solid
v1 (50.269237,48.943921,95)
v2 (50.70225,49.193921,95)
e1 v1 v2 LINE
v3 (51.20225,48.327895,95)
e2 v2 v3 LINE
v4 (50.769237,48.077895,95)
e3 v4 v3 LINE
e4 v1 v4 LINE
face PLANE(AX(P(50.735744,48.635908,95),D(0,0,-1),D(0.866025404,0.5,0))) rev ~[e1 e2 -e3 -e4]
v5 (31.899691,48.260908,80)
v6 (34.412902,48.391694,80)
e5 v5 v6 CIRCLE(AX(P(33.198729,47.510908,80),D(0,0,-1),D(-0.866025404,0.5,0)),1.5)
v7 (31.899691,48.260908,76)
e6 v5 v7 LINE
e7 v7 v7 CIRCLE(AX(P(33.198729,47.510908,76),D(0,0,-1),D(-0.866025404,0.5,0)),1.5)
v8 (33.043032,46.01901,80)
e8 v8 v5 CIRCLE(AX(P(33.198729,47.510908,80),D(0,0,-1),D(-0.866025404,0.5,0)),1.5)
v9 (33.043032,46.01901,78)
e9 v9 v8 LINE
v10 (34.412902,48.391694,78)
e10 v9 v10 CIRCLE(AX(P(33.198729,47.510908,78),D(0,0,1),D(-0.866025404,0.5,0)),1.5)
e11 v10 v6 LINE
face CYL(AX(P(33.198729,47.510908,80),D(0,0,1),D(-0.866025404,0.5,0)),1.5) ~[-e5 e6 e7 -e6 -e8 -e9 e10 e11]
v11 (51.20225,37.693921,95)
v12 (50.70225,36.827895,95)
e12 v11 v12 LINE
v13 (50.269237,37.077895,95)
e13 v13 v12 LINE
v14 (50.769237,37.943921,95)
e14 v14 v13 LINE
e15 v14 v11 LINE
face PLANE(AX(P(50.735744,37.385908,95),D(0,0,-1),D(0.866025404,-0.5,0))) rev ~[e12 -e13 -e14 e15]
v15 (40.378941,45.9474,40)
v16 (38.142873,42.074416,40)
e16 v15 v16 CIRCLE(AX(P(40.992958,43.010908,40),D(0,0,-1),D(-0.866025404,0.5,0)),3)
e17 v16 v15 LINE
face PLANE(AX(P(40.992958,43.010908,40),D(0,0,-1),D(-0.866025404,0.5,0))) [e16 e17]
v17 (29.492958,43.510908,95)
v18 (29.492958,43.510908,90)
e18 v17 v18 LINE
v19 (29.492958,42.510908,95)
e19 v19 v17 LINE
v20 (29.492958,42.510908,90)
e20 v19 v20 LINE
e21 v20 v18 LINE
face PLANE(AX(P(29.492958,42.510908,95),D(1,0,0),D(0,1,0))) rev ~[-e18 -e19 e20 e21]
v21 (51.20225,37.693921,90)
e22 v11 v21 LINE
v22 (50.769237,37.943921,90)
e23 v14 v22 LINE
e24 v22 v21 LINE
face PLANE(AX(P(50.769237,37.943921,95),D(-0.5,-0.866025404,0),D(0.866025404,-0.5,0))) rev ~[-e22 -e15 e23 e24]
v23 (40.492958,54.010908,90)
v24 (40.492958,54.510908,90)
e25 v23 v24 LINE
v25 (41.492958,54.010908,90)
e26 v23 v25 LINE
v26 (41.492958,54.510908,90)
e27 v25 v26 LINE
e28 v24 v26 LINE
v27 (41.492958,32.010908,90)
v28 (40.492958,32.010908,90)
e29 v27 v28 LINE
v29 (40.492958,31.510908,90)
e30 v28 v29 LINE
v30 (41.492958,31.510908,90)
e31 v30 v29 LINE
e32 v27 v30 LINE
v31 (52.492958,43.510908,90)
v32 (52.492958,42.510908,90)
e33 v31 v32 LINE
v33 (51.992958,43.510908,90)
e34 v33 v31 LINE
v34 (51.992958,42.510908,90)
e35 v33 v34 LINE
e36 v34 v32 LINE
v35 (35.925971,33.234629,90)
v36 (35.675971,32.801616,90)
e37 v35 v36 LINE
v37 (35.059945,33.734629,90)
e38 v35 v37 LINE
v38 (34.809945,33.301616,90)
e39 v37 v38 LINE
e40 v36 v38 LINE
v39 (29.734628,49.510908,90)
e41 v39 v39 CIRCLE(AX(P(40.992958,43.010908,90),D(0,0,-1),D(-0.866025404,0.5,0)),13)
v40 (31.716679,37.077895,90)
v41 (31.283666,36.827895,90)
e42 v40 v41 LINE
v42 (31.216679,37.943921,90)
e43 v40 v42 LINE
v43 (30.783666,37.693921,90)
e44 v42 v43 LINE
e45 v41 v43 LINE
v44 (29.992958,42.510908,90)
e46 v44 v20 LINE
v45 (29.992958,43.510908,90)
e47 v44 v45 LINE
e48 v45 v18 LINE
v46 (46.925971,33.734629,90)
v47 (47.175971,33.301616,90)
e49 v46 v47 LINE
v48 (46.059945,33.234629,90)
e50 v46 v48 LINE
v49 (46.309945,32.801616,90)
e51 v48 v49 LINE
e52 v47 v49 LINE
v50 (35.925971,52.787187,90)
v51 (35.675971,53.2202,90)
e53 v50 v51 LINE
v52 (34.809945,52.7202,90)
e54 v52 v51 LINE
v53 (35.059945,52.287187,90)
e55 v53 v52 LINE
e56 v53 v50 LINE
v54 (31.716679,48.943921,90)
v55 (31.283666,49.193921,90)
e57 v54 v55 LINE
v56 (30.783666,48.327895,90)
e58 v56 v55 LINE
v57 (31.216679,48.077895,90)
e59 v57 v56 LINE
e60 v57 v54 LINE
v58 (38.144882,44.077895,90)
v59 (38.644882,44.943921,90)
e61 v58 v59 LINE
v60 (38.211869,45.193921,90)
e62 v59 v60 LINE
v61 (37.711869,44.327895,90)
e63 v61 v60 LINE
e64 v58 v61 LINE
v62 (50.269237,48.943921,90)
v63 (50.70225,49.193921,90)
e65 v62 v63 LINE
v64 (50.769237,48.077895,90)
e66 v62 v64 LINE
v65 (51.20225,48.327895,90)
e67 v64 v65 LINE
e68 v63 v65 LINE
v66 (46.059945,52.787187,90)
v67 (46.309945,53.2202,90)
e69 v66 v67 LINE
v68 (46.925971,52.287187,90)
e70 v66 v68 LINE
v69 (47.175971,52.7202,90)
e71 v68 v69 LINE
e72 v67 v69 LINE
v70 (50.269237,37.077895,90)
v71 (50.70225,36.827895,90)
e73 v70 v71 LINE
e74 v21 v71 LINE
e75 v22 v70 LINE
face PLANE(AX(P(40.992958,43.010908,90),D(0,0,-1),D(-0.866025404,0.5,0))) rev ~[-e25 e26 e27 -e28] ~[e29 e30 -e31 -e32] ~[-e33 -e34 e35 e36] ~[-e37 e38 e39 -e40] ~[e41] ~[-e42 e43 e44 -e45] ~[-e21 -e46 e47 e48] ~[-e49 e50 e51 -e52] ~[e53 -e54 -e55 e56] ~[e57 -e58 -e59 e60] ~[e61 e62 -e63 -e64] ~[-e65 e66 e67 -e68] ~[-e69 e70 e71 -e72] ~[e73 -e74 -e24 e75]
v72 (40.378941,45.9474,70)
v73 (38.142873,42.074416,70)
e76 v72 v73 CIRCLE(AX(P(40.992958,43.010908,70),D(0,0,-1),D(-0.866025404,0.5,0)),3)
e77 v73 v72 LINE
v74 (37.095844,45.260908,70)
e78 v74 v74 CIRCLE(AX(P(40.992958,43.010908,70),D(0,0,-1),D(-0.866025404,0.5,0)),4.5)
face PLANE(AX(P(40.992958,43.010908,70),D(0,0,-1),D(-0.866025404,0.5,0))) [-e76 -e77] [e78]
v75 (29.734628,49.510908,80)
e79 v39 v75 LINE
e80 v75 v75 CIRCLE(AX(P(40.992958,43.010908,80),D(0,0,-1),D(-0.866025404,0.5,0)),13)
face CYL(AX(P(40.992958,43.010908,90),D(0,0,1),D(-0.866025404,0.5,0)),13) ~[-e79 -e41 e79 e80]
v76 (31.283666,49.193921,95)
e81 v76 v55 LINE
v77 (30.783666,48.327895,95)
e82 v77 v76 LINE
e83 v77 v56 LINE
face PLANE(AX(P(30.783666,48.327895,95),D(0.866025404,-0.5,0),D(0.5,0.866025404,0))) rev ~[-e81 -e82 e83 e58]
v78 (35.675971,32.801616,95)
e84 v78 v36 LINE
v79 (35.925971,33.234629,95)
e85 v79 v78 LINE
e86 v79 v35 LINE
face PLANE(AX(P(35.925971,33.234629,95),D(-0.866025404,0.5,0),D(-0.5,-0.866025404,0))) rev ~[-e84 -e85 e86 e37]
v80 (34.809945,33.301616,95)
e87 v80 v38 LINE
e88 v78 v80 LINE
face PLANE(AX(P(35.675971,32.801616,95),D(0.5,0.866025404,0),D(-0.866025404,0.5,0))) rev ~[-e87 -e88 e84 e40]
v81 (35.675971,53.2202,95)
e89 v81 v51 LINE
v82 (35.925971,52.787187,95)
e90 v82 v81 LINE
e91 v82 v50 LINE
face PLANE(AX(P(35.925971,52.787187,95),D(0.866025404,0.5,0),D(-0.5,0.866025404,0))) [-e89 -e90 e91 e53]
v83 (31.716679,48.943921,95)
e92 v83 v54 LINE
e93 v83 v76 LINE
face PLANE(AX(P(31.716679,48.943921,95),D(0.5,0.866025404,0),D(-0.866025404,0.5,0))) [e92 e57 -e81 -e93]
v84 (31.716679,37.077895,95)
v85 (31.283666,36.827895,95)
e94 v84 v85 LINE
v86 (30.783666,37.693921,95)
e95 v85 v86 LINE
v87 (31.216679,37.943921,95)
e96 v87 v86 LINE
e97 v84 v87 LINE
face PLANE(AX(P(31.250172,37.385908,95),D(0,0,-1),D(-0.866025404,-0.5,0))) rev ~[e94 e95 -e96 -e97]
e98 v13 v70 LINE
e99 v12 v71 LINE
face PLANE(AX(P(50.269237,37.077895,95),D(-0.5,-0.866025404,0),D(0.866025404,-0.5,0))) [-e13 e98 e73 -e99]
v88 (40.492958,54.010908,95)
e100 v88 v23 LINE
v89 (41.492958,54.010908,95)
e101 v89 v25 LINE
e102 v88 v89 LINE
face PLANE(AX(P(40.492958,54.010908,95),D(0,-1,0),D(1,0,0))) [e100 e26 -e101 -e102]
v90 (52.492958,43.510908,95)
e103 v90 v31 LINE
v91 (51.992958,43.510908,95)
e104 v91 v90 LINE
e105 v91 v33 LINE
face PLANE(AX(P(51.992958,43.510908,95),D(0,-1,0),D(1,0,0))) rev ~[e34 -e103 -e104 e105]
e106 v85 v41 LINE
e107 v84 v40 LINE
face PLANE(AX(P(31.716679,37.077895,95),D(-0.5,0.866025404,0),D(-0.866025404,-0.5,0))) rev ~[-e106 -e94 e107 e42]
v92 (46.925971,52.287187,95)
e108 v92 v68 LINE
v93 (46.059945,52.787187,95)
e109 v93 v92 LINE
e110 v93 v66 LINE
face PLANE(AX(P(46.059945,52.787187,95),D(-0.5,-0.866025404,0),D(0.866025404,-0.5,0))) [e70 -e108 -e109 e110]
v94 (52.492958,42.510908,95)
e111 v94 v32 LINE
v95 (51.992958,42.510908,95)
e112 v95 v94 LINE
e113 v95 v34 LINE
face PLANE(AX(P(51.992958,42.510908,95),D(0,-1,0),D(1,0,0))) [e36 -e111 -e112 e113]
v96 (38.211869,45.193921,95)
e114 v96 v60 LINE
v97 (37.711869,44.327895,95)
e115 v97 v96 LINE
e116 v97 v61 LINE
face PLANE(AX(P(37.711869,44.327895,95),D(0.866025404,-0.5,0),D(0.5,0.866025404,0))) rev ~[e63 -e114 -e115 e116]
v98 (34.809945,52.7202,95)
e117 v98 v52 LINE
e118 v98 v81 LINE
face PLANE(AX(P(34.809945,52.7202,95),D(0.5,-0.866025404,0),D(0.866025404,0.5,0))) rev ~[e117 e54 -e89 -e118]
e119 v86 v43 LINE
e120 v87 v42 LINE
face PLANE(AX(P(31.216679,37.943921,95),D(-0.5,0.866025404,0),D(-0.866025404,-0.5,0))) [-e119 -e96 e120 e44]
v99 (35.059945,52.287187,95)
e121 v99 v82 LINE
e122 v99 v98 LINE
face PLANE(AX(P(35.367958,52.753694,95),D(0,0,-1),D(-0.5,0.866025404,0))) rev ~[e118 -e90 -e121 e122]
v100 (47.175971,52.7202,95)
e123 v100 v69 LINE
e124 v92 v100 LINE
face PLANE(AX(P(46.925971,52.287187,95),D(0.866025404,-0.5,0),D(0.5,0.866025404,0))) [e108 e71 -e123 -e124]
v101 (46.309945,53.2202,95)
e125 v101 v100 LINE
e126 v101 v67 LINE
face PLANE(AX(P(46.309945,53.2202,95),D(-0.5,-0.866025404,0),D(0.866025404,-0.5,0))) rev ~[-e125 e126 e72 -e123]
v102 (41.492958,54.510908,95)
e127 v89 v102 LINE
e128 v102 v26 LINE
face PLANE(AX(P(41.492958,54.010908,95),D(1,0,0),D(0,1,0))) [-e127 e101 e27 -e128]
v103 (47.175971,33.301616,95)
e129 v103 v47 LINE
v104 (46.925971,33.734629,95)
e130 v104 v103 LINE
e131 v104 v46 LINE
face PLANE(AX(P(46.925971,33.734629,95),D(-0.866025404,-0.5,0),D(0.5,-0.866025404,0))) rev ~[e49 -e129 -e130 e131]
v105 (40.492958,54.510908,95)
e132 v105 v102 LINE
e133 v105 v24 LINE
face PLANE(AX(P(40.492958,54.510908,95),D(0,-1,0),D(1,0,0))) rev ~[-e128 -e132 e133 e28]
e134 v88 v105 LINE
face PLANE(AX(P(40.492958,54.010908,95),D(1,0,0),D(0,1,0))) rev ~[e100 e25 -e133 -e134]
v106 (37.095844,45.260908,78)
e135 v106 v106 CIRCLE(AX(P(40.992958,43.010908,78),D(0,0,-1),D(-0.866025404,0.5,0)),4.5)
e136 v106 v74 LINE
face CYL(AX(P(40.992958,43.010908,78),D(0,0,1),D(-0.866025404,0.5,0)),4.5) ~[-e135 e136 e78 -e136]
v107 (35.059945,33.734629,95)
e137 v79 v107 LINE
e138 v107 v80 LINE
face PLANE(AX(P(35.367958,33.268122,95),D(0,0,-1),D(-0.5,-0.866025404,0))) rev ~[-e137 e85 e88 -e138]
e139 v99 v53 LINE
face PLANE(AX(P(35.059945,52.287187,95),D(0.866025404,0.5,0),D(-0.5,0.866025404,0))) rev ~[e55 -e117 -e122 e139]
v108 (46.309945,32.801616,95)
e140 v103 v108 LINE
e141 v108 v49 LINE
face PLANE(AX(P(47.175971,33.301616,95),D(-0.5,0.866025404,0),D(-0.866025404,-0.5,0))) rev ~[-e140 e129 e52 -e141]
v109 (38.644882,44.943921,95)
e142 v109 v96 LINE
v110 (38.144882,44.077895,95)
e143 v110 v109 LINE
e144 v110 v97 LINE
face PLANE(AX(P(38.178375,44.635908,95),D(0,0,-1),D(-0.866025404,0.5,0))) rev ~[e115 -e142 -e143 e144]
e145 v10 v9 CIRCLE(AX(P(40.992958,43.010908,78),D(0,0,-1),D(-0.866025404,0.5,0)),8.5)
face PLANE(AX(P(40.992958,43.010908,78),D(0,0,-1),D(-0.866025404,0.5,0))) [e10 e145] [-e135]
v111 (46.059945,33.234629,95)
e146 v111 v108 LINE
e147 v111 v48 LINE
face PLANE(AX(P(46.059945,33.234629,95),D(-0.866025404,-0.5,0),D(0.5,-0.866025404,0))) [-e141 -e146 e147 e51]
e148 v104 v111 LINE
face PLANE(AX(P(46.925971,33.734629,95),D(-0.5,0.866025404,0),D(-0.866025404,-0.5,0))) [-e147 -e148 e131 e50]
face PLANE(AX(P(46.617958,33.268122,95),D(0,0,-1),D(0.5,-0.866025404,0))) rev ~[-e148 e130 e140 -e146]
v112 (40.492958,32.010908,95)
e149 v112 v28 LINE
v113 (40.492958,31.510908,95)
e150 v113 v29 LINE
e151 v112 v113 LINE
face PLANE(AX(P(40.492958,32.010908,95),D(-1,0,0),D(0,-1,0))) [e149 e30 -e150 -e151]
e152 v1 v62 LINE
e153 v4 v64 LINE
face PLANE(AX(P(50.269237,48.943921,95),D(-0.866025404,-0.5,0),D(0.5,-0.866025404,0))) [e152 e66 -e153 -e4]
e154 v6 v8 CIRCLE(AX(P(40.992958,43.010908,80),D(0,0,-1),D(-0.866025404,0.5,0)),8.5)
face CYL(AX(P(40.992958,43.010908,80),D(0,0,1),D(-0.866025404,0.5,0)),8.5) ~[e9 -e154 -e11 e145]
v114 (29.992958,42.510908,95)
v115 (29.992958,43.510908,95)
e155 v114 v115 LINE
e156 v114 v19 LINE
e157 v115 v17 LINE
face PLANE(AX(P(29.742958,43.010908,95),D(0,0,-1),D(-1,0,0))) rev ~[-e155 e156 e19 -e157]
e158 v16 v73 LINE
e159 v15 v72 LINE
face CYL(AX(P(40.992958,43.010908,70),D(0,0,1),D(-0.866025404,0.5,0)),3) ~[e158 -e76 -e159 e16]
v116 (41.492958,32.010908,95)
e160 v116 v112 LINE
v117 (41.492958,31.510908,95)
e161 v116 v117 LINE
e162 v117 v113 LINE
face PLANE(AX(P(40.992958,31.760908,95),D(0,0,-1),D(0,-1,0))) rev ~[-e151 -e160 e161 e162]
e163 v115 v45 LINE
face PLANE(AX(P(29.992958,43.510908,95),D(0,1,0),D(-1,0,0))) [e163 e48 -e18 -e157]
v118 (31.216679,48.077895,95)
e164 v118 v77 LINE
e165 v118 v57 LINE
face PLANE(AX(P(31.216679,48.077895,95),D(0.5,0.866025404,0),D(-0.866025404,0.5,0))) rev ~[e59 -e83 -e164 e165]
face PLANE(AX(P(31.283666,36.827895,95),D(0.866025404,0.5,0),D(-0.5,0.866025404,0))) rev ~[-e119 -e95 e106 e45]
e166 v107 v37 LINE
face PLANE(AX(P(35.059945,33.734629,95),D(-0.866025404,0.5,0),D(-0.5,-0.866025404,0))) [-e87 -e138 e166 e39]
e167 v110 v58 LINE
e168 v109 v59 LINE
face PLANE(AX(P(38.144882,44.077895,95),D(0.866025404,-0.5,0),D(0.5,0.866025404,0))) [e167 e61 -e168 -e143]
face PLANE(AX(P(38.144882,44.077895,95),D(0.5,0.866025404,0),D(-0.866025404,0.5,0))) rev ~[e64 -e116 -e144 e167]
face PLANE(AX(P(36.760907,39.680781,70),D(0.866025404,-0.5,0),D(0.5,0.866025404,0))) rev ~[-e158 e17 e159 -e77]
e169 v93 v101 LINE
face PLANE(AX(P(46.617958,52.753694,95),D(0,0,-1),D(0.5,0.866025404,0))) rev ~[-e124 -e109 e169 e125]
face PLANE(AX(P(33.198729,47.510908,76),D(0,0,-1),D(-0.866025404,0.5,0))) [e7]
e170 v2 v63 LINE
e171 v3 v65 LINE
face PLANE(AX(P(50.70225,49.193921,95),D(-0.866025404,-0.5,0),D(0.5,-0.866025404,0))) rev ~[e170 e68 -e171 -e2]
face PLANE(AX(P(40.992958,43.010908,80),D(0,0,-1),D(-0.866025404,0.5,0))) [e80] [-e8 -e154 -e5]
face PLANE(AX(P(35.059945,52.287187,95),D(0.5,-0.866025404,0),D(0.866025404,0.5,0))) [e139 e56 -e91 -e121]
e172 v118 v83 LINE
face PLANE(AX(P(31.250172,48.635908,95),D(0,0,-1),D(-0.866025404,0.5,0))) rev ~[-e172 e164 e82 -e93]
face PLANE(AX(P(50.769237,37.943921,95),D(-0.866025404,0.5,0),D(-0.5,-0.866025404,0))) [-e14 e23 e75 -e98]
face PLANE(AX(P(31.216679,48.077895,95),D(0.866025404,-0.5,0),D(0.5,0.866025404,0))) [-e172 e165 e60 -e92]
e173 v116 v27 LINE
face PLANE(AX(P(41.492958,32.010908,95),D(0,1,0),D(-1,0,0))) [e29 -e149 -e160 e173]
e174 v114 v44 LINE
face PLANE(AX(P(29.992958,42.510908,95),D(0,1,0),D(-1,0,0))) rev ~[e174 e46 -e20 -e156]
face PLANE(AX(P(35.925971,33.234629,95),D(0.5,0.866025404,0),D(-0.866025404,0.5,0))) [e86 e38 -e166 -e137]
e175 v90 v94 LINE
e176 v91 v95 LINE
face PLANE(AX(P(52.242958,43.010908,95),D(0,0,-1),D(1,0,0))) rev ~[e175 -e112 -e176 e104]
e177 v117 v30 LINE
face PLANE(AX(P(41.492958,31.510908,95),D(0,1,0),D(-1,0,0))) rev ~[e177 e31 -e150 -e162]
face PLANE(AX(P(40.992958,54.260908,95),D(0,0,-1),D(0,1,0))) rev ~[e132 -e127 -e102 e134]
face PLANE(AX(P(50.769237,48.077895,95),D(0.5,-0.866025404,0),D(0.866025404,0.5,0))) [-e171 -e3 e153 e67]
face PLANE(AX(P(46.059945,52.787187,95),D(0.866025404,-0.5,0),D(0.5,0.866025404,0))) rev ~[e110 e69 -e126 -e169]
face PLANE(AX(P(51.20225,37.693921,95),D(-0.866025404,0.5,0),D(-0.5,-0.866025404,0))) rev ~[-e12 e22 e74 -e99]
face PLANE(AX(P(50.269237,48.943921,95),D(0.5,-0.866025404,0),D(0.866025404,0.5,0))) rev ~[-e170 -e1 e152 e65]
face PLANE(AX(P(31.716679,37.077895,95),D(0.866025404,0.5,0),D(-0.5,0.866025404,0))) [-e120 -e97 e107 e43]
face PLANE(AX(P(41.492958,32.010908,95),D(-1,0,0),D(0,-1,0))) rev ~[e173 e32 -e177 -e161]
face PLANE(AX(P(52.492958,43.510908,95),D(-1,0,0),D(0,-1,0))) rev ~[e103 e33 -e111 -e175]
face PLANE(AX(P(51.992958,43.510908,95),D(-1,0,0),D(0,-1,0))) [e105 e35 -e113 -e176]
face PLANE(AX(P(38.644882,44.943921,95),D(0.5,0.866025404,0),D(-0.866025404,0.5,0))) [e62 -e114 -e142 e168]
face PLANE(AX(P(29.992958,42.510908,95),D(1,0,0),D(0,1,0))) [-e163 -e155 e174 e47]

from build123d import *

# Parameters (mm, degrees)
CYLINDER001_R          = 8.5
CYLINDER001_DEPTH      = 2
BOX_W                  = 0.5
BOX_H                  = 1
BOX_DEPTH              = 5
ARRAY_COUNT            = 12
BOX001_W               = 0.5
BOX001_H               = 1
BOX001_DEPTH           = 5
CYLINDER002_R          = 4.5
CYLINDER002_DEPTH      = 8
CYLINDER004_R          = 1.5
CYLINDER004_DEPTH      = 4
BOX002_W               = 1
BOX002_H               = 10
BOX002_DEPTH           = 30
CYLINDER003_R          = 3
CYLINDER003_DEPTH      = 30
CYLINDER_R             = 13
CYLINDER_DEPTH         = 10
FUSION_ROLL_ANGLE      = 180
FUSION_PLACEMENT_ANGLE = 150


with BuildPart() as cylinder001:
    # Cylinder001 → Cylinder001 (new body)
    with BuildSketch(Plane.XY.offset(10)):
        Circle(CYLINDER001_R)
    extrude(amount=CYLINDER001_DEPTH)


with BuildPart() as pin_array:
    # Box → Box (new body)
    with BuildSketch(Plane(origin=(11, -0.5, -5), x_dir=(1, 0, 0), z_dir=(0, 0, 1))):
        with Locations((0.25, 0.5)):
            Rectangle(BOX_W, BOX_H)
    extrude(amount=BOX_DEPTH)

    # Array: Pin array ×12 about axis
    array_axis = Axis((0, 0, 0), (0, 0, 1))


with BuildPart() as pin_array_1:
    add(pin_array.part)
    for i in range(1, ARRAY_COUNT):
        add(pin_array.part.rotate(array_axis, i * 360 / ARRAY_COUNT))


with BuildPart() as pin_central:
    # Box001 → Box001 (new body)
    with BuildSketch(Plane(origin=(3, -0.5, -5), x_dir=(1, 0, 0), z_dir=(0, 0, 1))):
        with Locations((0.25, 0.5)):
            Rectangle(BOX001_W, BOX001_H)
    extrude(amount=BOX001_DEPTH)


with BuildPart() as cylinder002:
    # Cylinder002 → Cylinder002 (new body)
    with BuildSketch(Plane.XY.offset(12)):
        Circle(CYLINDER002_R)
    extrude(amount=CYLINDER002_DEPTH)


with BuildPart() as cylinder004:
    # Cylinder004 → Cylinder004 (new body)
    with BuildSketch(Plane(origin=(9, 0, 10), x_dir=(1, 0, 0), z_dir=(0, 0, 1))):
        Circle(CYLINDER004_R)
    extrude(amount=CYLINDER004_DEPTH)


with BuildPart() as recorte:
    # Box002 → Box002 (new body)
    with BuildSketch(Plane(origin=(2, -5, 20), x_dir=(1, 0, 0), z_dir=(0, 0, 1))):
        with Locations((0.5, 5)):
            Rectangle(BOX002_W, BOX002_H)
    extrude(amount=BOX002_DEPTH)


with BuildPart() as cuerpo_4_recortado:
    # Cylinder003 → Cylinder003 (new body)
    with BuildSketch(Plane.XY.offset(20)):
        Circle(CYLINDER003_R)
    extrude(amount=CYLINDER003_DEPTH)

    # Cut: cut Recorte
    add(recorte.part, mode=Mode.SUBTRACT)


with BuildPart() as fusion:
    # Cylinder → Cylinder (new body)
    with BuildSketch(Plane.XY):
        Circle(CYLINDER_R)
    extrude(amount=CYLINDER_DEPTH)

    # Fusion: union Cylinder001, Pin array, Pin central, Cylinder002, Cylinder004, Cuerpo 4 recortado
    add(cylinder001.part)
    add(pin_array_1.part)
    add(pin_central.part)
    add(cylinder002.part)
    add(cylinder004.part)
    add(cuerpo_4_recortado.part)


with BuildPart() as fusion_1:
    # Fusion roll: moved
    add(fusion.part.rotate(Axis((0, 0, 0), (1, 0, 0)), FUSION_ROLL_ANGLE))


with BuildPart() as fusion_2:
    # Fusion placement: moved
    add(fusion_1.part.moved(Location((40.992958, 43.010908, 90))).rotate(Axis((40.992958, 43.010908, 90), (0, 0, 1)), FUSION_PLACEMENT_ANGLE))


solid = fusion_2.part
